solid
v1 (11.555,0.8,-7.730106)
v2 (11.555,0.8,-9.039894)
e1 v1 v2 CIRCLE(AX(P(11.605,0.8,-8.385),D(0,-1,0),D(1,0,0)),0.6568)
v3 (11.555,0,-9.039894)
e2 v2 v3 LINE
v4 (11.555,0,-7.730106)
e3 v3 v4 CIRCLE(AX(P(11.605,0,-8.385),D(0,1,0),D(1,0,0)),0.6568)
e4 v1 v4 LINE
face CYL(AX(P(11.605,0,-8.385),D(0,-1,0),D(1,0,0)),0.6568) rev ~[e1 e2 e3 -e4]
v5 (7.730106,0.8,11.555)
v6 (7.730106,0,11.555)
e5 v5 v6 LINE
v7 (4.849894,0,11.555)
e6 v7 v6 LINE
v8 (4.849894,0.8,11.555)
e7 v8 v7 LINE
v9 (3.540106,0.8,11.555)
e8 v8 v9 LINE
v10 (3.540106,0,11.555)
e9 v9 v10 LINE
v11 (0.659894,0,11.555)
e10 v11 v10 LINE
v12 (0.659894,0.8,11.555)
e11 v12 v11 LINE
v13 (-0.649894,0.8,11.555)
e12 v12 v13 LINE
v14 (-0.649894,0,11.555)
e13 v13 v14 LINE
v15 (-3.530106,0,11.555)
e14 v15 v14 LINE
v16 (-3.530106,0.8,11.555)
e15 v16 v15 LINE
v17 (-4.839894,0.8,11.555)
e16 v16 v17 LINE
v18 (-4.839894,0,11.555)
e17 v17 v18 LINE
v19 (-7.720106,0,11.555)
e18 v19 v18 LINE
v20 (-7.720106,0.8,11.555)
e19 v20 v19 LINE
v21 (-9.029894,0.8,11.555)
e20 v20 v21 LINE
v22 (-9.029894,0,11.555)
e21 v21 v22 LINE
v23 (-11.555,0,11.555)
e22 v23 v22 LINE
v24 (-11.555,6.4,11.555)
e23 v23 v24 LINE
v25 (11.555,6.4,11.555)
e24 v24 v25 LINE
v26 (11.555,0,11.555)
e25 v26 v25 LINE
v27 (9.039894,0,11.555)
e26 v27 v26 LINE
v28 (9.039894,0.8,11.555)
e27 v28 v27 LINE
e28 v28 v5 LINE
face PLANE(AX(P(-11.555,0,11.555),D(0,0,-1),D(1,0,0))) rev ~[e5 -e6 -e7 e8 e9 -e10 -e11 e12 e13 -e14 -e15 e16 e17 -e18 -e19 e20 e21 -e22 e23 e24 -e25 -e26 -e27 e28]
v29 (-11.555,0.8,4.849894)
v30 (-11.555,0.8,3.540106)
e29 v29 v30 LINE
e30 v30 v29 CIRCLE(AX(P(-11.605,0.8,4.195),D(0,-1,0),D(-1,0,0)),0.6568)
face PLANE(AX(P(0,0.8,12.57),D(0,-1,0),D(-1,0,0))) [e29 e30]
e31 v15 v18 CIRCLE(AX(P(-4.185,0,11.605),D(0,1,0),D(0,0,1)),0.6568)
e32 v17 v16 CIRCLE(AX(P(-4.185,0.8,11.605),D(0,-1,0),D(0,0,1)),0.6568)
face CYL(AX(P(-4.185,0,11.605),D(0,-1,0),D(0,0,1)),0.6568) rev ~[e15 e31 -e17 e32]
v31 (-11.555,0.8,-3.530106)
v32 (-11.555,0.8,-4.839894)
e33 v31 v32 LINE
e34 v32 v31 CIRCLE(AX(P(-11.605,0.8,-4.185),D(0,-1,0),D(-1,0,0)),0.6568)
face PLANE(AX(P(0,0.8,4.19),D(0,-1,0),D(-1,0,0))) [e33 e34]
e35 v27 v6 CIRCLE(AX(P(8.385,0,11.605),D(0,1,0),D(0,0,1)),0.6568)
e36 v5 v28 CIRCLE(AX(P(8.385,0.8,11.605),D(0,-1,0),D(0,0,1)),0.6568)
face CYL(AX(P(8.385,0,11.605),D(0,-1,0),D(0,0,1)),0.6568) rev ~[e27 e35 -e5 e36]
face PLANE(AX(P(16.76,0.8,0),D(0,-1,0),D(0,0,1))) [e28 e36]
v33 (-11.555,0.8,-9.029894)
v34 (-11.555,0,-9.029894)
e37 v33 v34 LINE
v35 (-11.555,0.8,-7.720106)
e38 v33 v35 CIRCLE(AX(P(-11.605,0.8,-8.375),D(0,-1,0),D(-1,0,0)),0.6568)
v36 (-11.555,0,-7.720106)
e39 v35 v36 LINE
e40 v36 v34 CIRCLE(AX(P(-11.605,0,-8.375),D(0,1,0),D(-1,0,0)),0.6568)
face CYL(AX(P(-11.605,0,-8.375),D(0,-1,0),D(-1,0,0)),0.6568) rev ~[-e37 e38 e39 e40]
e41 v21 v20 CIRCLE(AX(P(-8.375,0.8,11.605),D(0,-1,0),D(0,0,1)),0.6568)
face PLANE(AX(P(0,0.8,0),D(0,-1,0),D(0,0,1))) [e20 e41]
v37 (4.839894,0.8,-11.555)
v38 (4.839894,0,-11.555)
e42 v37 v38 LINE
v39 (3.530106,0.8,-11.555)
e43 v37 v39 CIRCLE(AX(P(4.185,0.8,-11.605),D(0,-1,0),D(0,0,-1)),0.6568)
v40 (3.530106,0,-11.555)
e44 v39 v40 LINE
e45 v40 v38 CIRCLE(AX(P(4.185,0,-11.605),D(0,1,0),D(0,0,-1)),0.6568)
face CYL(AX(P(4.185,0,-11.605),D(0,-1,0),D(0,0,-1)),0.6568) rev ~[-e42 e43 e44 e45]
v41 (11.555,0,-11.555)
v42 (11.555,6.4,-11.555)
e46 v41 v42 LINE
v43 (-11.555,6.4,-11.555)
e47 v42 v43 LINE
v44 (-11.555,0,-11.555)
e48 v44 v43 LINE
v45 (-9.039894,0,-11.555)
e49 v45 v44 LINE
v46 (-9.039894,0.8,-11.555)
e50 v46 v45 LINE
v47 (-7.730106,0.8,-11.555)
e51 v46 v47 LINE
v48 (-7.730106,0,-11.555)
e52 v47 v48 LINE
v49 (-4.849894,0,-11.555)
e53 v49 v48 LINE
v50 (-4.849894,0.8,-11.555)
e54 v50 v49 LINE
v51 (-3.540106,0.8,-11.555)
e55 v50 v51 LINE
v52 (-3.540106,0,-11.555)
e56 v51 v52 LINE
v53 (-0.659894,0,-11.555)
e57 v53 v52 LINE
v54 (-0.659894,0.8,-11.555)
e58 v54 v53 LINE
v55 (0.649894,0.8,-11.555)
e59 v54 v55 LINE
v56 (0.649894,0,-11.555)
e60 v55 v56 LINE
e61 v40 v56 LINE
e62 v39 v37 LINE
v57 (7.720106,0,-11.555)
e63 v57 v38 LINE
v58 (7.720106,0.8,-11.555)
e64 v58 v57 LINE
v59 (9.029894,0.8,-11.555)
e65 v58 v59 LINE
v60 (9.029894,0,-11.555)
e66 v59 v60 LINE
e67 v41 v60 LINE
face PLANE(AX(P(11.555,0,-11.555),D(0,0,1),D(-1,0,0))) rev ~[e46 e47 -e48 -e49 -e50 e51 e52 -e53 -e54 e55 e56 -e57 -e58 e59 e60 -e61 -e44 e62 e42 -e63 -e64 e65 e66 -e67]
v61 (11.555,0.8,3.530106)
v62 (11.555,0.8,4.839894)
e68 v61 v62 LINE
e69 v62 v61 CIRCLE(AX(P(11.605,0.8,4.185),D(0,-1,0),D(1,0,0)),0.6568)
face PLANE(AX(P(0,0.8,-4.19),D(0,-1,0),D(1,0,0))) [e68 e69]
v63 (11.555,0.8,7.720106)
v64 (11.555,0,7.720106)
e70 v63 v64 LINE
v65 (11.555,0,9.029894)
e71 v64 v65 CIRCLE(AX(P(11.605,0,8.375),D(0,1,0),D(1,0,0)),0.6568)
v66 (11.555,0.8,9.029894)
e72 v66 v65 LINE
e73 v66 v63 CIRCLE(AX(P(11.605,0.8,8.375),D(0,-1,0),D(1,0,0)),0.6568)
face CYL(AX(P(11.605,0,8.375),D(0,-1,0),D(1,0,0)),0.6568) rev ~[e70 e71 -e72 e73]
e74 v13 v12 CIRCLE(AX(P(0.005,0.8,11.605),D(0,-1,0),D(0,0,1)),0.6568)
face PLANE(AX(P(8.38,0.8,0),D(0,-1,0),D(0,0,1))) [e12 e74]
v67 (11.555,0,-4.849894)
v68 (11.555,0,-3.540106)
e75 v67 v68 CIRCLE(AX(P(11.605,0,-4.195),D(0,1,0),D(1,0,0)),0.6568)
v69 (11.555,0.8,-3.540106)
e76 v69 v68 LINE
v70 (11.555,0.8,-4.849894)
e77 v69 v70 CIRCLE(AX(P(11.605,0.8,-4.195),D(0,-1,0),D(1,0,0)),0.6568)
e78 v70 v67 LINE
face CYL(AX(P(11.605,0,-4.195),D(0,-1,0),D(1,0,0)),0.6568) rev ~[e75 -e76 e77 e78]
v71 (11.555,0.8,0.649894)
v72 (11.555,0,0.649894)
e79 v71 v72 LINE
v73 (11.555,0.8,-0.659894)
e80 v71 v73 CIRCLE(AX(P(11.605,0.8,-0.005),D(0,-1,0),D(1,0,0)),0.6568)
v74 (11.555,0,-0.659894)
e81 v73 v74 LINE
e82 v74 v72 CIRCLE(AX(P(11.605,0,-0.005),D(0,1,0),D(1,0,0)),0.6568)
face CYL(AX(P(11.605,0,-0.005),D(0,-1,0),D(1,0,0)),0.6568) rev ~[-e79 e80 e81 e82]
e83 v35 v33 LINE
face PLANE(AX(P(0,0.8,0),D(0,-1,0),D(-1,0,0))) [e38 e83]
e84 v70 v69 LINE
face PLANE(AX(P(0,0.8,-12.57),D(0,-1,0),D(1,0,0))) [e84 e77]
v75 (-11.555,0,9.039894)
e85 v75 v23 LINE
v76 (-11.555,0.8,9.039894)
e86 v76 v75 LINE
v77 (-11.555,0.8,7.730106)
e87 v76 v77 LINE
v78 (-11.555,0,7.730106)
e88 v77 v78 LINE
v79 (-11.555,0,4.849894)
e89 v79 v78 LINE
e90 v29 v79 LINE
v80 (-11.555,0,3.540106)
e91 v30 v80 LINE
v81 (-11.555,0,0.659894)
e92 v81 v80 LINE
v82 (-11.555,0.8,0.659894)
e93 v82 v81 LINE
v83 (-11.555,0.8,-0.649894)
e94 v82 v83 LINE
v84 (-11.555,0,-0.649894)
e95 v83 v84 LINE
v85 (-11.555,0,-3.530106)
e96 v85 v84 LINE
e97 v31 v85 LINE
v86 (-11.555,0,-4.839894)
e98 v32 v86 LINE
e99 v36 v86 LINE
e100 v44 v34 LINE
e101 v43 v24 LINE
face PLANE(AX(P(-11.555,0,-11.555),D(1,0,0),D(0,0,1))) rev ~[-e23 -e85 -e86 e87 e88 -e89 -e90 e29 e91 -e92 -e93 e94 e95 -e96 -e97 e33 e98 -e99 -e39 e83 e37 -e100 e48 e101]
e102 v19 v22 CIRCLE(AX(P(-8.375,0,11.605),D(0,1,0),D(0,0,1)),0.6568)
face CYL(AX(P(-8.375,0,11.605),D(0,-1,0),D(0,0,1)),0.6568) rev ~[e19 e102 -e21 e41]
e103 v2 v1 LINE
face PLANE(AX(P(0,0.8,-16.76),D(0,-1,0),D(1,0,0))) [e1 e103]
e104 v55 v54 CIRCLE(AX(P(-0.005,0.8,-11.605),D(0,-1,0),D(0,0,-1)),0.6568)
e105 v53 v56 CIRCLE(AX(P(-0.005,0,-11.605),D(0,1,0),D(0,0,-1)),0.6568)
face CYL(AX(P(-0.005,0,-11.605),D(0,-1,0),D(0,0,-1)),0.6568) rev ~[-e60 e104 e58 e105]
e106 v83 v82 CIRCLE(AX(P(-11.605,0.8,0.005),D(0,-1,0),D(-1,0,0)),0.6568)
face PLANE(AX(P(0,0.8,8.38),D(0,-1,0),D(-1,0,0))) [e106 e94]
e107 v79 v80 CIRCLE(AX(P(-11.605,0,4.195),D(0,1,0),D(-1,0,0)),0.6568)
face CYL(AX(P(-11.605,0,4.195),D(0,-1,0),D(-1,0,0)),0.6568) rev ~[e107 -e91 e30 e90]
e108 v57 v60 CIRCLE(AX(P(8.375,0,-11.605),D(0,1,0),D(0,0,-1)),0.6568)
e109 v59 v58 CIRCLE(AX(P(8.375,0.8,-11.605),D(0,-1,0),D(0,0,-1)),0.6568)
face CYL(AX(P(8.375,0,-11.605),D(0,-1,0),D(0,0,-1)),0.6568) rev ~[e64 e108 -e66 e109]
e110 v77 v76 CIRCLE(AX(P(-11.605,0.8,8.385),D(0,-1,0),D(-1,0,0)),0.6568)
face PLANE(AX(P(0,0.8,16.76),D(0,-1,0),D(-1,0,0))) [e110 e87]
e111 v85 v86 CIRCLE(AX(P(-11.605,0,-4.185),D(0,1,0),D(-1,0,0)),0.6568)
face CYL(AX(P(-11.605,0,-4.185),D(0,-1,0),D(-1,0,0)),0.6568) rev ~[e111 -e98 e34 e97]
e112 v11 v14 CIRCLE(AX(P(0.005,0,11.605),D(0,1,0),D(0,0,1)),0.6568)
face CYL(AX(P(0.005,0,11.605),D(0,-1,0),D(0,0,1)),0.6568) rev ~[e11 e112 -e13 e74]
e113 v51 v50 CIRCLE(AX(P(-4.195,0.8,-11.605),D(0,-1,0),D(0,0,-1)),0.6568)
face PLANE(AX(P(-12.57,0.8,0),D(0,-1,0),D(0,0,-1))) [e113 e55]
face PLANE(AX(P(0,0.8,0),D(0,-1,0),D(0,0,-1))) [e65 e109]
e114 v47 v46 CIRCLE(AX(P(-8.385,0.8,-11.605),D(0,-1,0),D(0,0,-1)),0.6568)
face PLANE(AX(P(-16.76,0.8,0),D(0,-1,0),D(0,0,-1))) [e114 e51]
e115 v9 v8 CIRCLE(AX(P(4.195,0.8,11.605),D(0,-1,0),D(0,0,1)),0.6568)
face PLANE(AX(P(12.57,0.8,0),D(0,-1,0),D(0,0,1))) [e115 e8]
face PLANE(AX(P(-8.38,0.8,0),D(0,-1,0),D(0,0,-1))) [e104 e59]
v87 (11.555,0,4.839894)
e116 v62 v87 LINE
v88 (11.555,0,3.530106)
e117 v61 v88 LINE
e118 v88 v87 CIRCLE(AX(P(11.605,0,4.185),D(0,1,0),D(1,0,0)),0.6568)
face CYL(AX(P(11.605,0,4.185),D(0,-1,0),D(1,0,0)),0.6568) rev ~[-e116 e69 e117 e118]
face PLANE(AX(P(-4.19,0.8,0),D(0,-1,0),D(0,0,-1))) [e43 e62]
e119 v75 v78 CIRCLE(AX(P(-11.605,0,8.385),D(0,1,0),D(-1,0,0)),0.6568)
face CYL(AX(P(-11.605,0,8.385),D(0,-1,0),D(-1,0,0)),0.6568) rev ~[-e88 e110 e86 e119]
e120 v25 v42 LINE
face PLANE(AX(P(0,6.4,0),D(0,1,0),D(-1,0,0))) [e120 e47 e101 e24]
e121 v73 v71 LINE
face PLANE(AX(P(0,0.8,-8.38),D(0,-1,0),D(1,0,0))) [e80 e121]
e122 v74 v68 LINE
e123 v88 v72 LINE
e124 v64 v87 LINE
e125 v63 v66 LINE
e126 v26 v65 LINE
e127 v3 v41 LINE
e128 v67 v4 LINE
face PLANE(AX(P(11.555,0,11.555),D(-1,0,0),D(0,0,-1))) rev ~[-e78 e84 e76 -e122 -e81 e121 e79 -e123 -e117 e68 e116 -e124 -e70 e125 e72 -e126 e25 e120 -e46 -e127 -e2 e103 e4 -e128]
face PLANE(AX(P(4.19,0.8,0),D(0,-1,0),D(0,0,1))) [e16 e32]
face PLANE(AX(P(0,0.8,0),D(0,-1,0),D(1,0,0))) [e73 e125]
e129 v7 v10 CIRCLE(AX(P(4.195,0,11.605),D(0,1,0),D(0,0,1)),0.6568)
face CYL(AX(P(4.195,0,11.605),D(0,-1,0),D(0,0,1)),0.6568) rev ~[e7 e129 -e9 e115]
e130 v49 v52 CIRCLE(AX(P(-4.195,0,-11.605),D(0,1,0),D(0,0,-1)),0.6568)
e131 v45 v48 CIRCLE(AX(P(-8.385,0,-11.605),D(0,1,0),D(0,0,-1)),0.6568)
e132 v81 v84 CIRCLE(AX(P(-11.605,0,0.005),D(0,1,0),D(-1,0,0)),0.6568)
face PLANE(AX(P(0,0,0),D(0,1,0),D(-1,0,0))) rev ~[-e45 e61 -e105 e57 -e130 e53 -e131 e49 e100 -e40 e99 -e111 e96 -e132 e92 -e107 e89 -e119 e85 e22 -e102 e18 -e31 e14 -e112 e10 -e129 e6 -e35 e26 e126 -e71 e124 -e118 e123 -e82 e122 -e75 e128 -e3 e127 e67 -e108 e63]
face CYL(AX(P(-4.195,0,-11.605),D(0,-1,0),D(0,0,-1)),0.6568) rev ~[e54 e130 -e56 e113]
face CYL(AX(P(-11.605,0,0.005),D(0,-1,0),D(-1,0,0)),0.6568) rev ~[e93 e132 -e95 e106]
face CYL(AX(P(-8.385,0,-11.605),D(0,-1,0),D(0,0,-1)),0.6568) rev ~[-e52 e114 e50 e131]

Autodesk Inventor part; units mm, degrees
ref_plane "YZ Plane" through (0, 0, 0) normal (1, 0, 0) x (0, 1, 0)
ref_plane "XZ Plane" through (0, 0, 0) normal (0, 1, 0) x (-1, 0, 0)
ref_plane "XY Plane" through (0, 0, 0) normal (0, 0, 1) x (1, 0, 0)
sketch "Sketch1" plane through (0, 0, 0) normal (0, 1, 0) x (-1, 0, 0)
  line L0 (11.555, 11.555) -> (-11.555, 11.555)
  line L1 (-11.555, 11.555) -> (-11.555, -11.555)
  line L2 (-11.555, -11.555) -> (11.555, -11.555)
  line L3 (11.555, -11.555) -> (11.555, 11.555)
  point P0 (0, 0)
  dimension "d0" = 23.11
  dimension "d1" = 23.11
  dimension "d2" = 11.555
  dimension "d3" = 11.555
extrude "Extrusion1" add sketch "Sketch1" along normal blind 6.4
sketch "Sketch2" plane through (0, 0, 0) normal (0, -1, 0) x (1, 0, 0)
  line L0 (11.605, 9.135) -> (10.135, 9.135)
  line L1 (10.135, 9.135) -> (10.135, 7.615)
  line L2 (10.135, 7.615) -> (11.605, 7.615)
  line L3 (11.605, 7.615) -> (11.605, 9.135)
  line L4 (11.555, 11.555) -> (11.555, -11.555) projected
  line L5 (-11.555, 11.555) -> (11.555, 11.555) projected
  circle A0 centre (11.605, 8.375) radius 0.6568
  point P0 (0, 0)
  dimension "d6" = 1.52
  dimension "d7" = 1.47
  dimension "d8" = 0.05
  dimension "d9" = 2.42
extrude "Extrusion2" cut sketch "Sketch2" against normal blind 0.8 contours A0 L3 | L3 A0 L4 | L4 A0
pattern_linear "Rectangular Pattern1" count 5 spacing 4.19 along (0, 0, -1) of "Extrusion2"
pattern_circular "Circular Pattern1" count 4 over 360 about axis through (0, -10, 0) along (0, 1, 0) of "Extrusion2", "Rectangular Pattern1"
properties part number "MC_JG1228"
